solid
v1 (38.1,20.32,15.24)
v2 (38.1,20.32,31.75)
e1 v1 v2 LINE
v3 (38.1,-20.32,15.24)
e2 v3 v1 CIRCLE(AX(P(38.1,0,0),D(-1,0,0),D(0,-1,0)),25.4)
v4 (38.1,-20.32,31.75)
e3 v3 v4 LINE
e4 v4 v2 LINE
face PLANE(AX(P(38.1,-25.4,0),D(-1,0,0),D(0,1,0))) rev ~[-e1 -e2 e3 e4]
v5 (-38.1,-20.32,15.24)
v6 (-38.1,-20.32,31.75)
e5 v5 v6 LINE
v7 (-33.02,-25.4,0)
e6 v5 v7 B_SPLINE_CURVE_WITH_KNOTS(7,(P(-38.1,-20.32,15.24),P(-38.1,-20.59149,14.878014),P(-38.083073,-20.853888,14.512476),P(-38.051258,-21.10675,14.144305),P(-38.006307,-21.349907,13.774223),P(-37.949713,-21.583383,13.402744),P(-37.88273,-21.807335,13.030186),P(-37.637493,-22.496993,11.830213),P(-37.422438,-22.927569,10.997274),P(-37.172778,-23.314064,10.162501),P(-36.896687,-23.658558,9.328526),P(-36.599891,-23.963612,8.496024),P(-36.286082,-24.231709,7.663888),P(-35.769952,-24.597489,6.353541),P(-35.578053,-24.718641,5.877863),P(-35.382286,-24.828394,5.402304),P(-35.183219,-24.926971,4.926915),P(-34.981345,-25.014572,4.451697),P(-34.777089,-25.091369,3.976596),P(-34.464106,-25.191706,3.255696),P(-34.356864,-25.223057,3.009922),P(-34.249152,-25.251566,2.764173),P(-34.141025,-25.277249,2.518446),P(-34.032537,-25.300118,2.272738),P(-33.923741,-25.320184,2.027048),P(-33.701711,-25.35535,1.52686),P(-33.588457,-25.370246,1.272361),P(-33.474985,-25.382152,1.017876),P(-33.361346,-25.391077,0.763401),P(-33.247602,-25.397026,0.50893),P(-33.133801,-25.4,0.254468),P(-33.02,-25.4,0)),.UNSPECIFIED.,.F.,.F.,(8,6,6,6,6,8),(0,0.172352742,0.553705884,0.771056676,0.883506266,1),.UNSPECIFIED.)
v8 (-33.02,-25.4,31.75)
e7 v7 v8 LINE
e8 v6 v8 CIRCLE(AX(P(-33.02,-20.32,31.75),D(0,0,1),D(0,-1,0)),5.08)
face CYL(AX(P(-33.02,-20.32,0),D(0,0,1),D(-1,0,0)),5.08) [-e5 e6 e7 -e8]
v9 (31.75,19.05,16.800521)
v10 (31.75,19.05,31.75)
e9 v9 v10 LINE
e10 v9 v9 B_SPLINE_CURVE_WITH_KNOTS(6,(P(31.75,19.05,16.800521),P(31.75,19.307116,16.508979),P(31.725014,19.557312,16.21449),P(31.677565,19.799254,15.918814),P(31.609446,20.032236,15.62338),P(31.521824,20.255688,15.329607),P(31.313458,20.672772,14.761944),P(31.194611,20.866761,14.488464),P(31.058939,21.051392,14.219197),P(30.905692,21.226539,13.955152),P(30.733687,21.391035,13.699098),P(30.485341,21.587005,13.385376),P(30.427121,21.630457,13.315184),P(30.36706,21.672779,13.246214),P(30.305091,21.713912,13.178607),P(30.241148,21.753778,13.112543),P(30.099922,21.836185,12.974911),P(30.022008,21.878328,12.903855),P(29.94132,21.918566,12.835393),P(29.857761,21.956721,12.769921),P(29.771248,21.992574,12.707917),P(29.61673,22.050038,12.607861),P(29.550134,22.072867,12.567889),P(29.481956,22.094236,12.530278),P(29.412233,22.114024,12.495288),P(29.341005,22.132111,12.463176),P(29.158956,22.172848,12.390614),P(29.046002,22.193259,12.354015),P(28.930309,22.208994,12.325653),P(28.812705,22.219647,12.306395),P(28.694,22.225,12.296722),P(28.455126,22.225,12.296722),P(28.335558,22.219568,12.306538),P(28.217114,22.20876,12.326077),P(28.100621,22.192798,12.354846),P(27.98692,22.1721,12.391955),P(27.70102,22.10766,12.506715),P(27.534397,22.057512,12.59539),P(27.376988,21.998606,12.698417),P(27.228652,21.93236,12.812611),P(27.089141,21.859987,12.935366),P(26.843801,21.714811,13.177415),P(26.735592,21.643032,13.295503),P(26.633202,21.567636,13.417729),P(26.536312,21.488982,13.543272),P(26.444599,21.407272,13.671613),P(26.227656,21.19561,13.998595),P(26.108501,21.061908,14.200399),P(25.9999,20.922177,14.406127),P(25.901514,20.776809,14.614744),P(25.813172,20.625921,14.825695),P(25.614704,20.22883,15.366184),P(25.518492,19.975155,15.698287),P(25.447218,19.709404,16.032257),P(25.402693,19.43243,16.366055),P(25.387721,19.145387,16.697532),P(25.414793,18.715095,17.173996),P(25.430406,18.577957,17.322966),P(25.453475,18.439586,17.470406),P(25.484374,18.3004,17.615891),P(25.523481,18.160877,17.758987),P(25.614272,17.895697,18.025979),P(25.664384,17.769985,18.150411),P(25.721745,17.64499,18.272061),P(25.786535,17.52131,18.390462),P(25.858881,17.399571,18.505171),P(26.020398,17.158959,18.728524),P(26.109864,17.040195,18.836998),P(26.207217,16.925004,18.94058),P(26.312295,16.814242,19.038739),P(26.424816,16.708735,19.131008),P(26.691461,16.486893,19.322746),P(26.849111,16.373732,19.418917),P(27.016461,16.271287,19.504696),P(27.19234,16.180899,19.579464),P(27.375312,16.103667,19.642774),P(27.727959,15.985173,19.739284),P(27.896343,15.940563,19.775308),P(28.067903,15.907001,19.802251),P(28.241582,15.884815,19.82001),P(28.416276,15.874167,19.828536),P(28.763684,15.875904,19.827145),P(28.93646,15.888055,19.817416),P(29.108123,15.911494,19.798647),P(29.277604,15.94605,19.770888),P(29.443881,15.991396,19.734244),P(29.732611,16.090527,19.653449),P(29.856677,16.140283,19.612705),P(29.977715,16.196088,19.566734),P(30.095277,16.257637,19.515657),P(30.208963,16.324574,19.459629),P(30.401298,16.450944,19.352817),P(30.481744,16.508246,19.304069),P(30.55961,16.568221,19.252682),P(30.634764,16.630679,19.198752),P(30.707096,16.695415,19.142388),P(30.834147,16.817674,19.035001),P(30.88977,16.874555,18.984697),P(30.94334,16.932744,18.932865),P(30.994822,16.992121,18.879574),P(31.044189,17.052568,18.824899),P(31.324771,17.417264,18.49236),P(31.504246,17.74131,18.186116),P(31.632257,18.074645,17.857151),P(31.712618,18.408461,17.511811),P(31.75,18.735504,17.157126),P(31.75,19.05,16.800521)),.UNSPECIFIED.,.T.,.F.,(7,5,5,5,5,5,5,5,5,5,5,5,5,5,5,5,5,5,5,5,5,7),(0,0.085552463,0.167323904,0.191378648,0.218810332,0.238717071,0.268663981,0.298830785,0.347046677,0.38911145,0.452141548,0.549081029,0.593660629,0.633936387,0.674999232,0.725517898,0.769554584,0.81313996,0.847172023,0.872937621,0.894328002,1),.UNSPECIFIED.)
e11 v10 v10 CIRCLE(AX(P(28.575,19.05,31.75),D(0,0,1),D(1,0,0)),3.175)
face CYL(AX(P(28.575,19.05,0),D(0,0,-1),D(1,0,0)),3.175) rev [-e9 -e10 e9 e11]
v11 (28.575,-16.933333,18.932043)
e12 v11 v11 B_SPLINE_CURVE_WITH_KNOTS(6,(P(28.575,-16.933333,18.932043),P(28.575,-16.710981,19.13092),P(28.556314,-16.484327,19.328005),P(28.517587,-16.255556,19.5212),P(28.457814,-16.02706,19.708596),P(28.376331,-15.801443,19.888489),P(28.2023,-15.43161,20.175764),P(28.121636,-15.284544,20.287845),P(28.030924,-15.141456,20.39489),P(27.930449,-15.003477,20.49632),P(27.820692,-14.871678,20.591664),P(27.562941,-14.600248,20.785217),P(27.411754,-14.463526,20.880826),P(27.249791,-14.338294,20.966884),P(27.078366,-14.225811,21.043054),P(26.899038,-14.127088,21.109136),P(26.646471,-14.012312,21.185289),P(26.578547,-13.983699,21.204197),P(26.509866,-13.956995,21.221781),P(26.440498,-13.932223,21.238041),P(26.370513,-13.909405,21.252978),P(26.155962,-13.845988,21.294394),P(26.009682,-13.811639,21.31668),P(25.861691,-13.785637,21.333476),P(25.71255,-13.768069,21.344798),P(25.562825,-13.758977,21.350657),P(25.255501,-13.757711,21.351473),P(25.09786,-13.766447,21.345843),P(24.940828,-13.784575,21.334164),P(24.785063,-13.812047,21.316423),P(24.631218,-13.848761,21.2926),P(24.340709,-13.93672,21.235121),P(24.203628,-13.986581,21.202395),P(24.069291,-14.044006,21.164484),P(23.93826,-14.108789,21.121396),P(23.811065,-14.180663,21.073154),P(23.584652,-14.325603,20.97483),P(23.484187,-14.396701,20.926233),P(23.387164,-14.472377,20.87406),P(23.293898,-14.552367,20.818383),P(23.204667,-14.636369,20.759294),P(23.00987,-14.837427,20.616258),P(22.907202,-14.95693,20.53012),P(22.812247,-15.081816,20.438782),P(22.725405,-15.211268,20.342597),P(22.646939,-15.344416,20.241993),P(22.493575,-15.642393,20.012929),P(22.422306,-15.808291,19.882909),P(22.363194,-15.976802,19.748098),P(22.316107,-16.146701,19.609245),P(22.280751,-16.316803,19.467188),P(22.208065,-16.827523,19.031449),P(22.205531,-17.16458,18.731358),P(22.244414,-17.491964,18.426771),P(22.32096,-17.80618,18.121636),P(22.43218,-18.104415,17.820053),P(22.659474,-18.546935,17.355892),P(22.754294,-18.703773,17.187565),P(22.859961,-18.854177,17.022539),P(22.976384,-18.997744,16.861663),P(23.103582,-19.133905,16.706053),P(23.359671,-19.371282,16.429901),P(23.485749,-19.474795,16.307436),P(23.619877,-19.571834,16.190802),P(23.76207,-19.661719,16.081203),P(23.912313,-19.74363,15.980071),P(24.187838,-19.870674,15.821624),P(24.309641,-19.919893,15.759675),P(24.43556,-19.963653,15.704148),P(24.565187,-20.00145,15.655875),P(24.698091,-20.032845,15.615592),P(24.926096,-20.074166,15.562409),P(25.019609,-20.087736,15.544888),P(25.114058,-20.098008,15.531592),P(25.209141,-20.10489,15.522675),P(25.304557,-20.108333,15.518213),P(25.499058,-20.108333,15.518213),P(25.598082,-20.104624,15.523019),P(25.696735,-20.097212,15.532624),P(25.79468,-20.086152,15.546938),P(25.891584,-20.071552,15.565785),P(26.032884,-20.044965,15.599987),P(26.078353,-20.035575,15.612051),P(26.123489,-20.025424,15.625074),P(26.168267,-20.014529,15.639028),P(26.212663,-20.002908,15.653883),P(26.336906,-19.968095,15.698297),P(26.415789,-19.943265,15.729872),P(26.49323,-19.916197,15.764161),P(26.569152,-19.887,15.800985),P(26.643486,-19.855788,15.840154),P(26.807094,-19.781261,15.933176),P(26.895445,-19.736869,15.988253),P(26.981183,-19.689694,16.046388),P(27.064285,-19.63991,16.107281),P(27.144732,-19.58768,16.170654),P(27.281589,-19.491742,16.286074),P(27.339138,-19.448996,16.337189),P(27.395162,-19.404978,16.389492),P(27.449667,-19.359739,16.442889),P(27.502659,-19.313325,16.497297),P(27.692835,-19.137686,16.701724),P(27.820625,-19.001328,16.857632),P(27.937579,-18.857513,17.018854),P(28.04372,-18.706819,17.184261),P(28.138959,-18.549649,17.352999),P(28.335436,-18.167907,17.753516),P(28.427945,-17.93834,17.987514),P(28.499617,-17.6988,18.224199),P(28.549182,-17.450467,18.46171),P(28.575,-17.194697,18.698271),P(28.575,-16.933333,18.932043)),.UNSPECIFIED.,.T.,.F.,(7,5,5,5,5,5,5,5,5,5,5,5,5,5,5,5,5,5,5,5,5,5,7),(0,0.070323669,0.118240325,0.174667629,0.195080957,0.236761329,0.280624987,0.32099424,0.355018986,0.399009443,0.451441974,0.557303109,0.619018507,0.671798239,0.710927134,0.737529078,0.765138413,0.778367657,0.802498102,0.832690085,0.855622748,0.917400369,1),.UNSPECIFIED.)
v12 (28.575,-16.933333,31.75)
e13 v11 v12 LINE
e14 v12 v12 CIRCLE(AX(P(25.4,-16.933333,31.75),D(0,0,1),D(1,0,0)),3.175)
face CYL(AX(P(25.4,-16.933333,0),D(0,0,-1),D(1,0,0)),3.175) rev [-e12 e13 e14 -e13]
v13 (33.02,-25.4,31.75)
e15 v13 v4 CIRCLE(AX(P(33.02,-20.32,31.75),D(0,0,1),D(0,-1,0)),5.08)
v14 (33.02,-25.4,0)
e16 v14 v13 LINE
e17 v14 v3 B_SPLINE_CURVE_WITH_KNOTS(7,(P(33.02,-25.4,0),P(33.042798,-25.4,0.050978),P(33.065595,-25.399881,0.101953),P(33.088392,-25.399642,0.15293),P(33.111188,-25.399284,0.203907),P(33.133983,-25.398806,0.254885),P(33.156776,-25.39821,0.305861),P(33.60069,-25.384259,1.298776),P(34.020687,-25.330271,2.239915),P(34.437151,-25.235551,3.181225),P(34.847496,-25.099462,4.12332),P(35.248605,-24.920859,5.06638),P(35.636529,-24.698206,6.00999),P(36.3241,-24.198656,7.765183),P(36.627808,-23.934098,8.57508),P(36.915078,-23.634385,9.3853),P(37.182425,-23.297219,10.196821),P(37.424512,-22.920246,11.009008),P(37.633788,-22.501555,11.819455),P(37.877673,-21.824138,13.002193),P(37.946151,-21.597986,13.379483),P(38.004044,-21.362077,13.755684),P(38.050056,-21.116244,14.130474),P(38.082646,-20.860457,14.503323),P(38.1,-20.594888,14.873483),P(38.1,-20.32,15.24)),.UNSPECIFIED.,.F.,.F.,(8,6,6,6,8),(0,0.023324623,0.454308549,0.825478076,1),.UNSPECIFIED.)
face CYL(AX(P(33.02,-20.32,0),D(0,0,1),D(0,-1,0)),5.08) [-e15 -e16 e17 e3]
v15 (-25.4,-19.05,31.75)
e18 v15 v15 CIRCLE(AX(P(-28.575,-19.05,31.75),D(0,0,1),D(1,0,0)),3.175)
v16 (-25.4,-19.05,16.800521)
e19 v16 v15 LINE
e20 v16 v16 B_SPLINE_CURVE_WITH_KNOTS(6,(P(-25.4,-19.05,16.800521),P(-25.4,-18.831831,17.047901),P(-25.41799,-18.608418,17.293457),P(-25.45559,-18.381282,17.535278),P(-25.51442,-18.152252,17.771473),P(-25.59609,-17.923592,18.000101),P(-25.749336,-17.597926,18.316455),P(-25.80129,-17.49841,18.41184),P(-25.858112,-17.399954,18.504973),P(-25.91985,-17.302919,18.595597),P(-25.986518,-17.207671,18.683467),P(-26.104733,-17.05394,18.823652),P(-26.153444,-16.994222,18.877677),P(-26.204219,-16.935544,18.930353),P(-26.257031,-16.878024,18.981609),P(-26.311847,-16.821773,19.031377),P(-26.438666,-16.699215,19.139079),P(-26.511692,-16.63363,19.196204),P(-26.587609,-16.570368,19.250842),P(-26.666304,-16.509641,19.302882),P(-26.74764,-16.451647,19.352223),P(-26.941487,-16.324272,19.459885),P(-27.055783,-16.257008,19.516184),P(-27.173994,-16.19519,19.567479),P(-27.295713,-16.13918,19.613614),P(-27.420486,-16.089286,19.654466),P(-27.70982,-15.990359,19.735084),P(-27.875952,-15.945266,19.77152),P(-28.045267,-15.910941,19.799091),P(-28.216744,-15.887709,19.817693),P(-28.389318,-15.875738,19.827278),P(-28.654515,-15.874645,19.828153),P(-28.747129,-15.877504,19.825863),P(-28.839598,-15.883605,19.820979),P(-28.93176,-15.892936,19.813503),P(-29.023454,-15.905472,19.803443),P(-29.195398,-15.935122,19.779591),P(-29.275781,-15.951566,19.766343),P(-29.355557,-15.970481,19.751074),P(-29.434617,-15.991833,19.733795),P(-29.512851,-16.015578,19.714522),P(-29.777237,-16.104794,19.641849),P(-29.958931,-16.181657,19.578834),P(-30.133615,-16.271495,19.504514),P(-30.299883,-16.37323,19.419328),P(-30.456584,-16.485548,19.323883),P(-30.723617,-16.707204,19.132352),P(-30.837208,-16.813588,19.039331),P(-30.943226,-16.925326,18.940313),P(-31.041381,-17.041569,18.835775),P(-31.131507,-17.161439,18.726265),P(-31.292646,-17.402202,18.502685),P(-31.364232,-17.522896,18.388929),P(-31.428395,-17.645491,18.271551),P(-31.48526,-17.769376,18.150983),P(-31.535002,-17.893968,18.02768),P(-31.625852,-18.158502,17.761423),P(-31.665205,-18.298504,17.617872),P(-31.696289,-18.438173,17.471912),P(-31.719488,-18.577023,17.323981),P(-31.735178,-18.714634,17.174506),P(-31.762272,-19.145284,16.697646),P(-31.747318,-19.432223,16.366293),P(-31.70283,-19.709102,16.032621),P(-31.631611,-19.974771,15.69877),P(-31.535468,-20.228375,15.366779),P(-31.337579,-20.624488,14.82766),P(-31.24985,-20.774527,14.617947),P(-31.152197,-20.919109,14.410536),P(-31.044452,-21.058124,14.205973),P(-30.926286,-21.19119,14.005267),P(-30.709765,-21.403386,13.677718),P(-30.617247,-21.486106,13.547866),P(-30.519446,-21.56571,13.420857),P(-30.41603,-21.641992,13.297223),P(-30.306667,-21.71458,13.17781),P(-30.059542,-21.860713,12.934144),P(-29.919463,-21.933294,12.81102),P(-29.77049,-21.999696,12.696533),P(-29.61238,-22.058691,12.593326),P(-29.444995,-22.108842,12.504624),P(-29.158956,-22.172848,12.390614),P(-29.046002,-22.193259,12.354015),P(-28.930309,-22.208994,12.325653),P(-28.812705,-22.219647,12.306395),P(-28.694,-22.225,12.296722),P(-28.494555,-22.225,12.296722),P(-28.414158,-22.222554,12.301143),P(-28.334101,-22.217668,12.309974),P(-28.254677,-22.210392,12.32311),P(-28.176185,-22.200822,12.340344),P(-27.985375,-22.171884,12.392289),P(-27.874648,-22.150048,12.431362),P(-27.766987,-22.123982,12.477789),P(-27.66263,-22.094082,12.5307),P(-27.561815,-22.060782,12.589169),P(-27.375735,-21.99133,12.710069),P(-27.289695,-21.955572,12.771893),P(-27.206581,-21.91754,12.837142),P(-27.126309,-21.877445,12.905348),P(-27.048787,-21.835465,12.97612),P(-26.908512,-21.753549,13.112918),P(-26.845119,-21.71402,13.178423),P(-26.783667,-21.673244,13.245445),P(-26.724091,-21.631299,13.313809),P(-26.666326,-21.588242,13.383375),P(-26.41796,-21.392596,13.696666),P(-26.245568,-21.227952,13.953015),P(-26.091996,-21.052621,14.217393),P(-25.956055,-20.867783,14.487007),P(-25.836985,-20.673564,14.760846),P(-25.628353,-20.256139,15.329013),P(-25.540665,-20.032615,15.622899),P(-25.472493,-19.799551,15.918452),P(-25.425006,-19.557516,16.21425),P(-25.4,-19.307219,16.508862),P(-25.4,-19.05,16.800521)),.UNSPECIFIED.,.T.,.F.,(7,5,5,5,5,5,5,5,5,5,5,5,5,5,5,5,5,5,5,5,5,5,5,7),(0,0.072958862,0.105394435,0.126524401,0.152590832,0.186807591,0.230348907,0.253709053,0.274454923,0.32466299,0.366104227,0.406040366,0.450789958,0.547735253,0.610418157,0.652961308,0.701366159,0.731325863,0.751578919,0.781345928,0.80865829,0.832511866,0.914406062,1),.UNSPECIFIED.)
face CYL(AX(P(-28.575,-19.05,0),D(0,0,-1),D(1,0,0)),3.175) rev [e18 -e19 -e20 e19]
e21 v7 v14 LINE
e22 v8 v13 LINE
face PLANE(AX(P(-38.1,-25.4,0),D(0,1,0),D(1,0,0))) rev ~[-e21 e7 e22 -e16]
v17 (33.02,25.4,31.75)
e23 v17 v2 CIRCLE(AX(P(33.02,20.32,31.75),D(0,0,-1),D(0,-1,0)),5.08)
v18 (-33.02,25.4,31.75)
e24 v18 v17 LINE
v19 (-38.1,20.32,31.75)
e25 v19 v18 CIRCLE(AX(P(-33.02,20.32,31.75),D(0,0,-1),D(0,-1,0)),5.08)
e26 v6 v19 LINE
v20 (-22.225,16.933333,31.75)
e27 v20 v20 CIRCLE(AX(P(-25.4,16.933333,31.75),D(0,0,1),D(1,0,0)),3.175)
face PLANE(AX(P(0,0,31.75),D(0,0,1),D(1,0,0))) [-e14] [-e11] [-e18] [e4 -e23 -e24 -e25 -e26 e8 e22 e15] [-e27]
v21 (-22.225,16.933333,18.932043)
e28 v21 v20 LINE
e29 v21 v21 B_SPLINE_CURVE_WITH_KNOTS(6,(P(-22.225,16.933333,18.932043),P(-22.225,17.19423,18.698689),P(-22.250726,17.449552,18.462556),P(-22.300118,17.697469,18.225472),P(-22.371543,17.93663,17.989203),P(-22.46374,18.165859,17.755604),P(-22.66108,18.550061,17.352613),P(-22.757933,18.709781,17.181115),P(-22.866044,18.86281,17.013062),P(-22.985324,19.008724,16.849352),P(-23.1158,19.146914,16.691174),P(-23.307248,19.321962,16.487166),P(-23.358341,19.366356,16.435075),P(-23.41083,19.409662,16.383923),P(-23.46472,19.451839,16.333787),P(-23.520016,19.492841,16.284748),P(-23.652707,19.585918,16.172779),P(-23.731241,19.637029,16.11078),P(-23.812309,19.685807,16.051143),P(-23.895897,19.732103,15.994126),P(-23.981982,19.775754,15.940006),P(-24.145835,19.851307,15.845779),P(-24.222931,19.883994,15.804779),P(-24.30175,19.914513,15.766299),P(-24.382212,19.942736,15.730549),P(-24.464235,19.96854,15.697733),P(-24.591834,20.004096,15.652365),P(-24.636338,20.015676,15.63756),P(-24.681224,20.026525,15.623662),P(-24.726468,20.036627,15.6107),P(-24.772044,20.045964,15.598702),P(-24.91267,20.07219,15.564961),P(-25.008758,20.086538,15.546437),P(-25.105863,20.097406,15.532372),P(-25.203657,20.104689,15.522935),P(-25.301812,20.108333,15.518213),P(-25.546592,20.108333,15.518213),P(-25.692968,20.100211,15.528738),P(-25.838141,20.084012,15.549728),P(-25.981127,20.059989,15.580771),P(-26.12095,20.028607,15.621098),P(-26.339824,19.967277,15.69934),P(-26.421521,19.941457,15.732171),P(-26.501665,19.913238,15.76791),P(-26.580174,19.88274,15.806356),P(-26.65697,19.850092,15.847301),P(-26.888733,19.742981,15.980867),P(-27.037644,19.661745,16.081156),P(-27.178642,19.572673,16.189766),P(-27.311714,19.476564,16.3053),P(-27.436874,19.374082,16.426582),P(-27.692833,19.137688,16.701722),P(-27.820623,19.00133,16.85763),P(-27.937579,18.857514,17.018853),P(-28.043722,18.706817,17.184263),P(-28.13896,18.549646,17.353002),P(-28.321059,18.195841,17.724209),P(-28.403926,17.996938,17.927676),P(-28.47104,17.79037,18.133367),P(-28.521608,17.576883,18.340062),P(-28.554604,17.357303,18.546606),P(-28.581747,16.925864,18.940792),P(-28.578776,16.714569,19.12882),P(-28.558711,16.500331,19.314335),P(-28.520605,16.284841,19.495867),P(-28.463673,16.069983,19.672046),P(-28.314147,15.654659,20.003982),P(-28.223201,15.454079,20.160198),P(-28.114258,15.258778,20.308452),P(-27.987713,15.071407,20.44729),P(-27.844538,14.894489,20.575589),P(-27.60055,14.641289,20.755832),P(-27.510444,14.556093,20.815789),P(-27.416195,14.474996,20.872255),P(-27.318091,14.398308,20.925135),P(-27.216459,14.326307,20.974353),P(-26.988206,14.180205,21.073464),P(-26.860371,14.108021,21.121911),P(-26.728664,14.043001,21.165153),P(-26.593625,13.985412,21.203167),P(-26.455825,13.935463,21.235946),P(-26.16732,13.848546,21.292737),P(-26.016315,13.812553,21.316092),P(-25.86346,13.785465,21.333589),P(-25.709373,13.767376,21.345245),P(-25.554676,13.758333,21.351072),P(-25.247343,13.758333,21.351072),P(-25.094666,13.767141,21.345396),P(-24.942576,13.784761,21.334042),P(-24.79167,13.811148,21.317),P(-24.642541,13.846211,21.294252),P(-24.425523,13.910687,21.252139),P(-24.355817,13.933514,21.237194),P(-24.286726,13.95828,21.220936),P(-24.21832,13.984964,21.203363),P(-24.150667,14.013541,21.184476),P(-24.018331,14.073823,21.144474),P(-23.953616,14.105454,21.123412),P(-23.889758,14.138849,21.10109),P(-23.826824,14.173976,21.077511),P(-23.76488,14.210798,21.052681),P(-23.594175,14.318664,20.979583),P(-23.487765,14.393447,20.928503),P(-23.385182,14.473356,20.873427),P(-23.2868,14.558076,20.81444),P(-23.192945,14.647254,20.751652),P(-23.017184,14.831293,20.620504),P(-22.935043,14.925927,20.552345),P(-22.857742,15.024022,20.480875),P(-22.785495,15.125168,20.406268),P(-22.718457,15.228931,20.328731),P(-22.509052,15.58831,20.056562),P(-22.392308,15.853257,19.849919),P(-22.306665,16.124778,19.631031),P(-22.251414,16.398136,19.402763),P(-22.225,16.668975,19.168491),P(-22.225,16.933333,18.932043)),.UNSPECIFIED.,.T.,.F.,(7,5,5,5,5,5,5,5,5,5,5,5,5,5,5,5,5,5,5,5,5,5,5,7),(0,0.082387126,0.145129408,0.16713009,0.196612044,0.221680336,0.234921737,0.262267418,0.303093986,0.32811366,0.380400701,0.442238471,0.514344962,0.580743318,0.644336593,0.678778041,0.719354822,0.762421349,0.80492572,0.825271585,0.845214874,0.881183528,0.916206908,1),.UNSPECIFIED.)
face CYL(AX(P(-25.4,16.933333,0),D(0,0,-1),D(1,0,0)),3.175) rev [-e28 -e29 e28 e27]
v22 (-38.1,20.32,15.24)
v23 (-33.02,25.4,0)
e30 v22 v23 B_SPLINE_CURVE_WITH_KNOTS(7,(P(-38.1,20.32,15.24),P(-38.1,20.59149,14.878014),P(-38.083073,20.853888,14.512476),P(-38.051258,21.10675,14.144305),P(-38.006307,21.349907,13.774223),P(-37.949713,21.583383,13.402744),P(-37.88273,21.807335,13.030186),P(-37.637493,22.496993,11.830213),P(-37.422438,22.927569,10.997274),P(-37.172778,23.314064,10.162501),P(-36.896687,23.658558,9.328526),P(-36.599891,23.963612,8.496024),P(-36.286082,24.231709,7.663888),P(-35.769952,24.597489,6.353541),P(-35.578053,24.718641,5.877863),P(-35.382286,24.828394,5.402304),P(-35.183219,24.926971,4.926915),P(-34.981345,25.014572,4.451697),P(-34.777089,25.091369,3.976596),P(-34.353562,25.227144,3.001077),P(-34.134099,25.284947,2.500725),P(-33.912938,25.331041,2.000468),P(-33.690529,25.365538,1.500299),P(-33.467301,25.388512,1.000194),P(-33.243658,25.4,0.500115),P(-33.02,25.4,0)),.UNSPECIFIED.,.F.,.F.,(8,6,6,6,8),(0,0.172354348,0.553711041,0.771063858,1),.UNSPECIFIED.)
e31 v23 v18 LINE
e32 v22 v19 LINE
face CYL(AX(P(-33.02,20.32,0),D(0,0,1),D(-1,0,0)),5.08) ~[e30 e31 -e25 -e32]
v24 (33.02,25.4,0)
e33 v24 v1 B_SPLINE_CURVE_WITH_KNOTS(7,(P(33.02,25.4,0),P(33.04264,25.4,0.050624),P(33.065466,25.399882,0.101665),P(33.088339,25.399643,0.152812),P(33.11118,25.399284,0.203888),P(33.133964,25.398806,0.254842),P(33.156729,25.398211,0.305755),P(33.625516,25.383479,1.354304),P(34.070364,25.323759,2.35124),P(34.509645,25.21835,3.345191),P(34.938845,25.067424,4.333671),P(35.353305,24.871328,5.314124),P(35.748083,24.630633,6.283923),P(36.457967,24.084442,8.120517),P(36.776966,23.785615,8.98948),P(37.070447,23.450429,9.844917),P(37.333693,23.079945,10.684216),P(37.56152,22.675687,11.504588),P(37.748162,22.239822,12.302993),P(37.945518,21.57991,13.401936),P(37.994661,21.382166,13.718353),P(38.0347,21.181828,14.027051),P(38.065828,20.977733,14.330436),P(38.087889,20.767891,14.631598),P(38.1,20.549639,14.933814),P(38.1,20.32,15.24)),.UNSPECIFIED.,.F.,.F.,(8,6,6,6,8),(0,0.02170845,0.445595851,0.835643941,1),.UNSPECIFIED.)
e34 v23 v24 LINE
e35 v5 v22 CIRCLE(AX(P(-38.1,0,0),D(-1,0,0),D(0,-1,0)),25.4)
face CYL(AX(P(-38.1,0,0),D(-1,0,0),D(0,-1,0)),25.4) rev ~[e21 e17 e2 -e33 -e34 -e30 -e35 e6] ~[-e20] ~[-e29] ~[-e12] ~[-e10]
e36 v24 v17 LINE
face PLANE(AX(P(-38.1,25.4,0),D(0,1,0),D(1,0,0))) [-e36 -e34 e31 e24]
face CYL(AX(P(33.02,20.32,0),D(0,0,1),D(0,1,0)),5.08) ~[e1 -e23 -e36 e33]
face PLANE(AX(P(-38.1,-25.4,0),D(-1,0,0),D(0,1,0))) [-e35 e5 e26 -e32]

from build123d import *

# Parameters (mm, degrees)
F0_W     = 76.2
F0_H     = 50.8
F0_R     = 3.175
F1_DEPTH = 31.75
F2_R     = 5.08
F4_DEPTH = 76.201


with BuildPart() as f1:
    # F0 (on Top) → F1 (new body)
    with BuildSketch(Plane.XY):
        Rectangle(F0_W, F0_H)
        with Locations((-28.575, -19.05)):
            Circle(F0_R, mode=Mode.SUBTRACT)
        with Locations((25.4, -16.933333)):
            Circle(F0_R, mode=Mode.SUBTRACT)
        with Locations((-25.4, 16.933333)):
            Circle(F0_R, mode=Mode.SUBTRACT)
        with Locations((28.575, 19.05)):
            Circle(F0_R, mode=Mode.SUBTRACT)
    extrude(amount=F1_DEPTH)

    # F2
    f2_edges = [f1.edges().sort_by_distance(p)[0] for p in [
        (-38.1, 25.4, 15.875),
        (-38.1, -25.4, 15.875),
        (38.1, 25.4, 15.875),
        (38.1, -25.4, 15.875),
    ]]
    fillet(f2_edges, radius=F2_R)

    # F3 (on face) → F4 (cut, through all)
    with BuildSketch(Plane(origin=(-38.1, 0, 0), x_dir=(0, -1, 0), z_dir=(-1, 0, 0))):
        with BuildLine():
            Line((-25.4, 0), (25.4, 0))
            ThreePointArc((25.4, 0), (0, 25.4), (-25.4, 0))
        make_face()
    extrude(amount=-F4_DEPTH, mode=Mode.SUBTRACT)


solid = f1.part
